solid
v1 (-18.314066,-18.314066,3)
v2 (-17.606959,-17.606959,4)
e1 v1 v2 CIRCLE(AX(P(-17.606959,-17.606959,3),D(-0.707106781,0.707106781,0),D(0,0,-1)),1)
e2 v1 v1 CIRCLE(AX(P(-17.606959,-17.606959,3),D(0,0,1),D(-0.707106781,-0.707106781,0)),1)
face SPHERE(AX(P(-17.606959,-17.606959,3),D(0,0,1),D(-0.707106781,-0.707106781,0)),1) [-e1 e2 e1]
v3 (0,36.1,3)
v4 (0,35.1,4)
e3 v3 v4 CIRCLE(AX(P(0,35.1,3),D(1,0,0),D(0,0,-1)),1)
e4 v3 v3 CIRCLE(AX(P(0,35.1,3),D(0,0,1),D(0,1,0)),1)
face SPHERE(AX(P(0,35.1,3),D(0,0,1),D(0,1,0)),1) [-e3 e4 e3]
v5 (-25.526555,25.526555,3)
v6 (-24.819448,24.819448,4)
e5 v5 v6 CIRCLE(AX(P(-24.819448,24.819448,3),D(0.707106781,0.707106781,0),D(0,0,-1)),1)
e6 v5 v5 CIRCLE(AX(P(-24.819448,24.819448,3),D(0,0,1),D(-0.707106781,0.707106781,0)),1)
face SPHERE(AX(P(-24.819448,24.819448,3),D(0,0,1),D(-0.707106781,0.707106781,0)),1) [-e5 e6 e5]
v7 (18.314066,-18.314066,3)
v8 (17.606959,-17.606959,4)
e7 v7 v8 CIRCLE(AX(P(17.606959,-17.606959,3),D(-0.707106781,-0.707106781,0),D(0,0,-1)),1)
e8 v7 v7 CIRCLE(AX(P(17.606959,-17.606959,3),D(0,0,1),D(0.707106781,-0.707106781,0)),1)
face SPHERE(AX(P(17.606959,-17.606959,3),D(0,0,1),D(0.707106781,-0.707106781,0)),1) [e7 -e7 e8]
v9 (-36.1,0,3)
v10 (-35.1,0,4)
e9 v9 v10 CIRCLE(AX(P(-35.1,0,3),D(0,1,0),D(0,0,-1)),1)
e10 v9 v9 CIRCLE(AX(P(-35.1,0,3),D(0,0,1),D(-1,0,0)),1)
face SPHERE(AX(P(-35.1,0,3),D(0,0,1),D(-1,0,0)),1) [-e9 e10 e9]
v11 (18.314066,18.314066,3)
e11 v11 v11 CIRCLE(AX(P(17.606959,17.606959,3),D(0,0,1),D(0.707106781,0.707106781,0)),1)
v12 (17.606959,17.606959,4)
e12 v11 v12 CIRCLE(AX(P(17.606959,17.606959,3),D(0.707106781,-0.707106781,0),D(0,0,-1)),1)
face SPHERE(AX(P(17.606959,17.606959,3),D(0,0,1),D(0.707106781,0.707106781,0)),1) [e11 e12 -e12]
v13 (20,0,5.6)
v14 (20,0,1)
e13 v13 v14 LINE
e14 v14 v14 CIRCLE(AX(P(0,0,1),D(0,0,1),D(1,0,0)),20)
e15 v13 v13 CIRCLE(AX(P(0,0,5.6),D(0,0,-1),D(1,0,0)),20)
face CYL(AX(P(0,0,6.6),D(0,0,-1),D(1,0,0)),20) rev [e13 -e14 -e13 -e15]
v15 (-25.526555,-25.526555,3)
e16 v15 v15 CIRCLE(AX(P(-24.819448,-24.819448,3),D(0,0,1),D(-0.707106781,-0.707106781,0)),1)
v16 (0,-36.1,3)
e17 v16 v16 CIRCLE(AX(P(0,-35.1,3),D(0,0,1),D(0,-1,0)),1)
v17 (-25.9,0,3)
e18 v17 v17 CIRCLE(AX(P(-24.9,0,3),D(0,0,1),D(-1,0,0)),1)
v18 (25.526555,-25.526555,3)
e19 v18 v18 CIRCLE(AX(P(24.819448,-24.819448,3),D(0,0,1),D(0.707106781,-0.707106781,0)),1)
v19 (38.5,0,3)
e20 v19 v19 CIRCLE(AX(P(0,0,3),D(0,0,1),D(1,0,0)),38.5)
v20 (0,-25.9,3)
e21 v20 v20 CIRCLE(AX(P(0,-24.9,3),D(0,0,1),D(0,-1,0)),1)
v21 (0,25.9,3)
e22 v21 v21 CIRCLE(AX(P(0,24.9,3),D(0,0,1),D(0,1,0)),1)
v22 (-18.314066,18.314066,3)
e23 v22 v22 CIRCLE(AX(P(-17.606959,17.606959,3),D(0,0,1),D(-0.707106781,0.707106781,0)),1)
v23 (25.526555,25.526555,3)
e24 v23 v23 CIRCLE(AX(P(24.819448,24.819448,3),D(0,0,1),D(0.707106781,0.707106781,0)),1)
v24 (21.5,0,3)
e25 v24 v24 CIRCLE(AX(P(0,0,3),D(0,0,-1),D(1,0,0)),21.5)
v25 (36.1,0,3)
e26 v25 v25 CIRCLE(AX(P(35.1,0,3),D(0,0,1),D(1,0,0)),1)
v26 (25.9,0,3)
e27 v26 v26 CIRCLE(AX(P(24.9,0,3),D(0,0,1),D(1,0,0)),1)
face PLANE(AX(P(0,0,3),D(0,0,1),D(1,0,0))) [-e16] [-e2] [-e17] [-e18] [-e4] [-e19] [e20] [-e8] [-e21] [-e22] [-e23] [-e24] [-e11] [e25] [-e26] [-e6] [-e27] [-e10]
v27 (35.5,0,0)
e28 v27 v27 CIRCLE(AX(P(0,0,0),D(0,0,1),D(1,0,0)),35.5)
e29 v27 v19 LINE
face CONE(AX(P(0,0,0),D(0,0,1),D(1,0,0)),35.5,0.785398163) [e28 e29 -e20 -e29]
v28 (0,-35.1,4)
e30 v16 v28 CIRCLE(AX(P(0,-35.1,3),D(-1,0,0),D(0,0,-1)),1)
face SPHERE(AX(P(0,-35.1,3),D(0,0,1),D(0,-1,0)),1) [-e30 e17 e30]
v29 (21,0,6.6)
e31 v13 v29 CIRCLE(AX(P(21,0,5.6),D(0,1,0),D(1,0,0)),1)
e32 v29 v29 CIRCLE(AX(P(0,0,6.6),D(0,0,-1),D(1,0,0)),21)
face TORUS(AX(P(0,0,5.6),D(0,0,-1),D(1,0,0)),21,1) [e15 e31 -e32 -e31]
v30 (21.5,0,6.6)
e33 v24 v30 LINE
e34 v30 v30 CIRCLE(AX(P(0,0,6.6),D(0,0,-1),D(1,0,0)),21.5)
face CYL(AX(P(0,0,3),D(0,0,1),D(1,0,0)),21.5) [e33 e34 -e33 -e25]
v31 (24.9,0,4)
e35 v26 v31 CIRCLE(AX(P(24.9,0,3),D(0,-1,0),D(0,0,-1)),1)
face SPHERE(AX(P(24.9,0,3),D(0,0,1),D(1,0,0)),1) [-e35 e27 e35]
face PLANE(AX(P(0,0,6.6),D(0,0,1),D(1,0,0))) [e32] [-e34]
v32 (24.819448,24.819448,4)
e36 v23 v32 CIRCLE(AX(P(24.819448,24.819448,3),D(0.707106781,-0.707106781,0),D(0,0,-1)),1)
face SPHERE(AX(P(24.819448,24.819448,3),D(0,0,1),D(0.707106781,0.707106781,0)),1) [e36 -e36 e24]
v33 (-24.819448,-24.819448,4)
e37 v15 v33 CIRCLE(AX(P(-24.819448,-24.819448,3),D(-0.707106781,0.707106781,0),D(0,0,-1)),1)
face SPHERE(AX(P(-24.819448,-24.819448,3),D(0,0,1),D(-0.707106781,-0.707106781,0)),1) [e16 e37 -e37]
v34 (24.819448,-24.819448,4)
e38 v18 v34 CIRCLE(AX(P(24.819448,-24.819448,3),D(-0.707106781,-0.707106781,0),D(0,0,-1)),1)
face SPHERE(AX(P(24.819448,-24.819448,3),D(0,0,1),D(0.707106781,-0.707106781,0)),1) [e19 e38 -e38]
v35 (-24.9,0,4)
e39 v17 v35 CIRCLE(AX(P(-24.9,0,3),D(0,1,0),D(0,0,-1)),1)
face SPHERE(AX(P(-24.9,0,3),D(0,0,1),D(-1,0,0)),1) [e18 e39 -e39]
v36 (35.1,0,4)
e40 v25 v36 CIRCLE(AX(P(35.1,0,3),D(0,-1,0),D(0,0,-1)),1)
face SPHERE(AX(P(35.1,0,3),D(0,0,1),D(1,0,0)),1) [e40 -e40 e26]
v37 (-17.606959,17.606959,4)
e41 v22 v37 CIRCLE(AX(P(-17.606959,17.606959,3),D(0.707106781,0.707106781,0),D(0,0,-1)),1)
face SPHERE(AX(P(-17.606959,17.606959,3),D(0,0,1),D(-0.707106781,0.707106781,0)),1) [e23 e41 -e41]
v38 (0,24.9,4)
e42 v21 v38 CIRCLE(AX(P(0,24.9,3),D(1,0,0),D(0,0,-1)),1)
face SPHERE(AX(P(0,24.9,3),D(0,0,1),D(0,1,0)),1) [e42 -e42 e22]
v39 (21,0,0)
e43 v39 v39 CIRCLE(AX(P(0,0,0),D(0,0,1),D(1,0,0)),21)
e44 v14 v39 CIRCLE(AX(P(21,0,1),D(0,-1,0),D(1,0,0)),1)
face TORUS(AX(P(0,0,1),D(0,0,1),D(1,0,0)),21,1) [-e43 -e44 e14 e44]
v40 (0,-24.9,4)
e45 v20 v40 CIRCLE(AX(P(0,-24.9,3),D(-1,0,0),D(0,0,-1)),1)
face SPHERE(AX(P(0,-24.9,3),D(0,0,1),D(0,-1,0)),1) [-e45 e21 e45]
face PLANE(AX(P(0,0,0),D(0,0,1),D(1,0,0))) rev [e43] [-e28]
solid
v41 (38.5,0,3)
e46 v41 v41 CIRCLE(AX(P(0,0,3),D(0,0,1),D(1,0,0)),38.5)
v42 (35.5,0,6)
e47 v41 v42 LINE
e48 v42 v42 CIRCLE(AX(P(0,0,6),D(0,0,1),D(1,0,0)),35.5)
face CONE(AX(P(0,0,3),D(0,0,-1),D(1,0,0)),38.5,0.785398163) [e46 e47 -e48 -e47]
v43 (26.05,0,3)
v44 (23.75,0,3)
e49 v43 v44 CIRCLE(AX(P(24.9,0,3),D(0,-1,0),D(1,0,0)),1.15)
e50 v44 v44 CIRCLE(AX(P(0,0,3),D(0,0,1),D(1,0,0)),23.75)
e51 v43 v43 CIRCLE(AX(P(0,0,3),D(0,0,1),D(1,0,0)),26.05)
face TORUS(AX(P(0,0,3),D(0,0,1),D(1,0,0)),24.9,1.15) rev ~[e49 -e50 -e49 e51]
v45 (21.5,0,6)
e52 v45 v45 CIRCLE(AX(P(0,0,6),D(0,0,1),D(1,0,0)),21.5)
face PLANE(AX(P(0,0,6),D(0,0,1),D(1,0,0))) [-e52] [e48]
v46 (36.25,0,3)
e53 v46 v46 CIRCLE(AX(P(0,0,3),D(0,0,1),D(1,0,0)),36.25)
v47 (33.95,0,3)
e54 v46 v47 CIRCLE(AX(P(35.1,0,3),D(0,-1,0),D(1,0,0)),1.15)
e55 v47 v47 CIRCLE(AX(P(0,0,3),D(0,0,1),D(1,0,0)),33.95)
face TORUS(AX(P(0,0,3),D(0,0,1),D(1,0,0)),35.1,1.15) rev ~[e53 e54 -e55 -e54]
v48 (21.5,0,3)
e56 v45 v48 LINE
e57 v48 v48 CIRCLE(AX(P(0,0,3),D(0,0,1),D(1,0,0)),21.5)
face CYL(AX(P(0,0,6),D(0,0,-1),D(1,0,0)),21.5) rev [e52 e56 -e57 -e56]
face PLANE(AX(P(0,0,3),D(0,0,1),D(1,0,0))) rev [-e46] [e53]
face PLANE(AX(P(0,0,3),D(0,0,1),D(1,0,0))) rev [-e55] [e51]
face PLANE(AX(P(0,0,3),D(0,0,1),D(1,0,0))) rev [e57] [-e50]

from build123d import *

# Parameters (mm, degrees)
POLARPATTERN_COUNT = 8
FILLET_R           = 1
FILLET001_R        = 1
SKETCH003_R        = 1.15


with BuildPart() as outer:
    # Sketch → Revolution (revolve)
    with BuildSketch(Plane.XZ):
        Polygon((35.5, 0), (38.5, 3), (21.5, 3), (21.5, 6.6), (20, 6.6), (20, 3), (20, 0), align=None)
    revolve(axis=Axis((0, 0, 0), (0, 0, 1)))

    # Sphere → Sphere (revolve)
    with BuildSketch(Plane(origin=(35.1, 0, 3), x_dir=(1, 0, 0), z_dir=(0, -1, 0))):
        with BuildLine():
            ThreePointArc((0, -1), (1, 0), (0, 1))
            Line((0, 1), (0, -1))
        make_face()
    revolve(axis=Axis((35.1, 0, 3), (0, 0, 1)))

    # Sphere001 → Sphere001 (revolve)
    with BuildSketch(Plane(origin=(24.9, 0, 3), x_dir=(1, 0, 0), z_dir=(0, -1, 0))):
        with BuildLine():
            ThreePointArc((0, -1), (1, 0), (0, 1))
            Line((0, 1), (0, -1))
        make_face()
    revolve(axis=Axis((24.9, 0, 3), (0, 0, 1)))

    # PolarPattern: outer ×8 about axis
    polarpattern_axis = Axis((0, 0, 0), (0, 0, 1))


with BuildPart() as outer_1:
    add(outer.part)
    for i in range(1, POLARPATTERN_COUNT):
        add(outer.part.rotate(polarpattern_axis, i * 360 / POLARPATTERN_COUNT))

    # Fillet
    fillet_edges = [outer_1.edges().sort_by_distance(p)[0] for p in [
        (18.477591, 7.653669, 0),
        (18.477591, -7.653669, 0),
        (7.653669, -18.477591, 0),
        (-7.653669, -18.477591, 0),
        (-18.477591, -7.653669, 0),
        (-18.477591, 7.653669, 0),
        (-7.653669, 18.477591, 0),
        (7.653669, 18.477591, 0),
    ]]
    fillet(fillet_edges, radius=FILLET_R)

    # Fillet001
    fillet001_edges = [outer_1.edges().sort_by_distance(p)[0] for p in [
        (18.477591, -7.653669, 6.6),
        (7.653669, -18.477591, 6.6),
        (-7.653669, -18.477591, 6.6),
        (-18.477591, -7.653669, 6.6),
        (-18.477591, 7.653669, 6.6),
        (-7.653669, 18.477591, 6.6),
        (7.653669, 18.477591, 6.6),
        (18.477591, 7.653669, 6.6),
    ]]
    fillet(fillet001_edges, radius=FILLET001_R)


with BuildPart() as inner:
    # Sketch001 → Revolution001 (revolve)
    with BuildSketch(Plane.XZ):
        Polygon((21.5, 6), (21.5, 3), (38.5, 3), (35.5, 6), align=None)
    revolve(axis=Axis((0, 0, 0), (0, 0, 1)))

    # Sketch003 → Groove (revolve, cut)
    with BuildSketch(Plane.XZ):
        with Locations((35.1, 3)):
            Circle(SKETCH003_R)
        with Locations((24.9, 3)):
            Circle(SKETCH003_R)
    revolve(axis=Axis((0, 0, 0), (0, 0, 1)), mode=Mode.SUBTRACT)

    # Sketch003 → Groove001 (revolve, cut)
    with BuildSketch(Plane.XZ):
        with Locations((35.1, 3)):
            Circle(SKETCH003_R)
        with Locations((24.9, 3)):
            Circle(SKETCH003_R)
    revolve(axis=Axis((0, 0, 0), (0, 0, 1)), mode=Mode.SUBTRACT)


solid = Compound([outer_1.part, inner.part])
